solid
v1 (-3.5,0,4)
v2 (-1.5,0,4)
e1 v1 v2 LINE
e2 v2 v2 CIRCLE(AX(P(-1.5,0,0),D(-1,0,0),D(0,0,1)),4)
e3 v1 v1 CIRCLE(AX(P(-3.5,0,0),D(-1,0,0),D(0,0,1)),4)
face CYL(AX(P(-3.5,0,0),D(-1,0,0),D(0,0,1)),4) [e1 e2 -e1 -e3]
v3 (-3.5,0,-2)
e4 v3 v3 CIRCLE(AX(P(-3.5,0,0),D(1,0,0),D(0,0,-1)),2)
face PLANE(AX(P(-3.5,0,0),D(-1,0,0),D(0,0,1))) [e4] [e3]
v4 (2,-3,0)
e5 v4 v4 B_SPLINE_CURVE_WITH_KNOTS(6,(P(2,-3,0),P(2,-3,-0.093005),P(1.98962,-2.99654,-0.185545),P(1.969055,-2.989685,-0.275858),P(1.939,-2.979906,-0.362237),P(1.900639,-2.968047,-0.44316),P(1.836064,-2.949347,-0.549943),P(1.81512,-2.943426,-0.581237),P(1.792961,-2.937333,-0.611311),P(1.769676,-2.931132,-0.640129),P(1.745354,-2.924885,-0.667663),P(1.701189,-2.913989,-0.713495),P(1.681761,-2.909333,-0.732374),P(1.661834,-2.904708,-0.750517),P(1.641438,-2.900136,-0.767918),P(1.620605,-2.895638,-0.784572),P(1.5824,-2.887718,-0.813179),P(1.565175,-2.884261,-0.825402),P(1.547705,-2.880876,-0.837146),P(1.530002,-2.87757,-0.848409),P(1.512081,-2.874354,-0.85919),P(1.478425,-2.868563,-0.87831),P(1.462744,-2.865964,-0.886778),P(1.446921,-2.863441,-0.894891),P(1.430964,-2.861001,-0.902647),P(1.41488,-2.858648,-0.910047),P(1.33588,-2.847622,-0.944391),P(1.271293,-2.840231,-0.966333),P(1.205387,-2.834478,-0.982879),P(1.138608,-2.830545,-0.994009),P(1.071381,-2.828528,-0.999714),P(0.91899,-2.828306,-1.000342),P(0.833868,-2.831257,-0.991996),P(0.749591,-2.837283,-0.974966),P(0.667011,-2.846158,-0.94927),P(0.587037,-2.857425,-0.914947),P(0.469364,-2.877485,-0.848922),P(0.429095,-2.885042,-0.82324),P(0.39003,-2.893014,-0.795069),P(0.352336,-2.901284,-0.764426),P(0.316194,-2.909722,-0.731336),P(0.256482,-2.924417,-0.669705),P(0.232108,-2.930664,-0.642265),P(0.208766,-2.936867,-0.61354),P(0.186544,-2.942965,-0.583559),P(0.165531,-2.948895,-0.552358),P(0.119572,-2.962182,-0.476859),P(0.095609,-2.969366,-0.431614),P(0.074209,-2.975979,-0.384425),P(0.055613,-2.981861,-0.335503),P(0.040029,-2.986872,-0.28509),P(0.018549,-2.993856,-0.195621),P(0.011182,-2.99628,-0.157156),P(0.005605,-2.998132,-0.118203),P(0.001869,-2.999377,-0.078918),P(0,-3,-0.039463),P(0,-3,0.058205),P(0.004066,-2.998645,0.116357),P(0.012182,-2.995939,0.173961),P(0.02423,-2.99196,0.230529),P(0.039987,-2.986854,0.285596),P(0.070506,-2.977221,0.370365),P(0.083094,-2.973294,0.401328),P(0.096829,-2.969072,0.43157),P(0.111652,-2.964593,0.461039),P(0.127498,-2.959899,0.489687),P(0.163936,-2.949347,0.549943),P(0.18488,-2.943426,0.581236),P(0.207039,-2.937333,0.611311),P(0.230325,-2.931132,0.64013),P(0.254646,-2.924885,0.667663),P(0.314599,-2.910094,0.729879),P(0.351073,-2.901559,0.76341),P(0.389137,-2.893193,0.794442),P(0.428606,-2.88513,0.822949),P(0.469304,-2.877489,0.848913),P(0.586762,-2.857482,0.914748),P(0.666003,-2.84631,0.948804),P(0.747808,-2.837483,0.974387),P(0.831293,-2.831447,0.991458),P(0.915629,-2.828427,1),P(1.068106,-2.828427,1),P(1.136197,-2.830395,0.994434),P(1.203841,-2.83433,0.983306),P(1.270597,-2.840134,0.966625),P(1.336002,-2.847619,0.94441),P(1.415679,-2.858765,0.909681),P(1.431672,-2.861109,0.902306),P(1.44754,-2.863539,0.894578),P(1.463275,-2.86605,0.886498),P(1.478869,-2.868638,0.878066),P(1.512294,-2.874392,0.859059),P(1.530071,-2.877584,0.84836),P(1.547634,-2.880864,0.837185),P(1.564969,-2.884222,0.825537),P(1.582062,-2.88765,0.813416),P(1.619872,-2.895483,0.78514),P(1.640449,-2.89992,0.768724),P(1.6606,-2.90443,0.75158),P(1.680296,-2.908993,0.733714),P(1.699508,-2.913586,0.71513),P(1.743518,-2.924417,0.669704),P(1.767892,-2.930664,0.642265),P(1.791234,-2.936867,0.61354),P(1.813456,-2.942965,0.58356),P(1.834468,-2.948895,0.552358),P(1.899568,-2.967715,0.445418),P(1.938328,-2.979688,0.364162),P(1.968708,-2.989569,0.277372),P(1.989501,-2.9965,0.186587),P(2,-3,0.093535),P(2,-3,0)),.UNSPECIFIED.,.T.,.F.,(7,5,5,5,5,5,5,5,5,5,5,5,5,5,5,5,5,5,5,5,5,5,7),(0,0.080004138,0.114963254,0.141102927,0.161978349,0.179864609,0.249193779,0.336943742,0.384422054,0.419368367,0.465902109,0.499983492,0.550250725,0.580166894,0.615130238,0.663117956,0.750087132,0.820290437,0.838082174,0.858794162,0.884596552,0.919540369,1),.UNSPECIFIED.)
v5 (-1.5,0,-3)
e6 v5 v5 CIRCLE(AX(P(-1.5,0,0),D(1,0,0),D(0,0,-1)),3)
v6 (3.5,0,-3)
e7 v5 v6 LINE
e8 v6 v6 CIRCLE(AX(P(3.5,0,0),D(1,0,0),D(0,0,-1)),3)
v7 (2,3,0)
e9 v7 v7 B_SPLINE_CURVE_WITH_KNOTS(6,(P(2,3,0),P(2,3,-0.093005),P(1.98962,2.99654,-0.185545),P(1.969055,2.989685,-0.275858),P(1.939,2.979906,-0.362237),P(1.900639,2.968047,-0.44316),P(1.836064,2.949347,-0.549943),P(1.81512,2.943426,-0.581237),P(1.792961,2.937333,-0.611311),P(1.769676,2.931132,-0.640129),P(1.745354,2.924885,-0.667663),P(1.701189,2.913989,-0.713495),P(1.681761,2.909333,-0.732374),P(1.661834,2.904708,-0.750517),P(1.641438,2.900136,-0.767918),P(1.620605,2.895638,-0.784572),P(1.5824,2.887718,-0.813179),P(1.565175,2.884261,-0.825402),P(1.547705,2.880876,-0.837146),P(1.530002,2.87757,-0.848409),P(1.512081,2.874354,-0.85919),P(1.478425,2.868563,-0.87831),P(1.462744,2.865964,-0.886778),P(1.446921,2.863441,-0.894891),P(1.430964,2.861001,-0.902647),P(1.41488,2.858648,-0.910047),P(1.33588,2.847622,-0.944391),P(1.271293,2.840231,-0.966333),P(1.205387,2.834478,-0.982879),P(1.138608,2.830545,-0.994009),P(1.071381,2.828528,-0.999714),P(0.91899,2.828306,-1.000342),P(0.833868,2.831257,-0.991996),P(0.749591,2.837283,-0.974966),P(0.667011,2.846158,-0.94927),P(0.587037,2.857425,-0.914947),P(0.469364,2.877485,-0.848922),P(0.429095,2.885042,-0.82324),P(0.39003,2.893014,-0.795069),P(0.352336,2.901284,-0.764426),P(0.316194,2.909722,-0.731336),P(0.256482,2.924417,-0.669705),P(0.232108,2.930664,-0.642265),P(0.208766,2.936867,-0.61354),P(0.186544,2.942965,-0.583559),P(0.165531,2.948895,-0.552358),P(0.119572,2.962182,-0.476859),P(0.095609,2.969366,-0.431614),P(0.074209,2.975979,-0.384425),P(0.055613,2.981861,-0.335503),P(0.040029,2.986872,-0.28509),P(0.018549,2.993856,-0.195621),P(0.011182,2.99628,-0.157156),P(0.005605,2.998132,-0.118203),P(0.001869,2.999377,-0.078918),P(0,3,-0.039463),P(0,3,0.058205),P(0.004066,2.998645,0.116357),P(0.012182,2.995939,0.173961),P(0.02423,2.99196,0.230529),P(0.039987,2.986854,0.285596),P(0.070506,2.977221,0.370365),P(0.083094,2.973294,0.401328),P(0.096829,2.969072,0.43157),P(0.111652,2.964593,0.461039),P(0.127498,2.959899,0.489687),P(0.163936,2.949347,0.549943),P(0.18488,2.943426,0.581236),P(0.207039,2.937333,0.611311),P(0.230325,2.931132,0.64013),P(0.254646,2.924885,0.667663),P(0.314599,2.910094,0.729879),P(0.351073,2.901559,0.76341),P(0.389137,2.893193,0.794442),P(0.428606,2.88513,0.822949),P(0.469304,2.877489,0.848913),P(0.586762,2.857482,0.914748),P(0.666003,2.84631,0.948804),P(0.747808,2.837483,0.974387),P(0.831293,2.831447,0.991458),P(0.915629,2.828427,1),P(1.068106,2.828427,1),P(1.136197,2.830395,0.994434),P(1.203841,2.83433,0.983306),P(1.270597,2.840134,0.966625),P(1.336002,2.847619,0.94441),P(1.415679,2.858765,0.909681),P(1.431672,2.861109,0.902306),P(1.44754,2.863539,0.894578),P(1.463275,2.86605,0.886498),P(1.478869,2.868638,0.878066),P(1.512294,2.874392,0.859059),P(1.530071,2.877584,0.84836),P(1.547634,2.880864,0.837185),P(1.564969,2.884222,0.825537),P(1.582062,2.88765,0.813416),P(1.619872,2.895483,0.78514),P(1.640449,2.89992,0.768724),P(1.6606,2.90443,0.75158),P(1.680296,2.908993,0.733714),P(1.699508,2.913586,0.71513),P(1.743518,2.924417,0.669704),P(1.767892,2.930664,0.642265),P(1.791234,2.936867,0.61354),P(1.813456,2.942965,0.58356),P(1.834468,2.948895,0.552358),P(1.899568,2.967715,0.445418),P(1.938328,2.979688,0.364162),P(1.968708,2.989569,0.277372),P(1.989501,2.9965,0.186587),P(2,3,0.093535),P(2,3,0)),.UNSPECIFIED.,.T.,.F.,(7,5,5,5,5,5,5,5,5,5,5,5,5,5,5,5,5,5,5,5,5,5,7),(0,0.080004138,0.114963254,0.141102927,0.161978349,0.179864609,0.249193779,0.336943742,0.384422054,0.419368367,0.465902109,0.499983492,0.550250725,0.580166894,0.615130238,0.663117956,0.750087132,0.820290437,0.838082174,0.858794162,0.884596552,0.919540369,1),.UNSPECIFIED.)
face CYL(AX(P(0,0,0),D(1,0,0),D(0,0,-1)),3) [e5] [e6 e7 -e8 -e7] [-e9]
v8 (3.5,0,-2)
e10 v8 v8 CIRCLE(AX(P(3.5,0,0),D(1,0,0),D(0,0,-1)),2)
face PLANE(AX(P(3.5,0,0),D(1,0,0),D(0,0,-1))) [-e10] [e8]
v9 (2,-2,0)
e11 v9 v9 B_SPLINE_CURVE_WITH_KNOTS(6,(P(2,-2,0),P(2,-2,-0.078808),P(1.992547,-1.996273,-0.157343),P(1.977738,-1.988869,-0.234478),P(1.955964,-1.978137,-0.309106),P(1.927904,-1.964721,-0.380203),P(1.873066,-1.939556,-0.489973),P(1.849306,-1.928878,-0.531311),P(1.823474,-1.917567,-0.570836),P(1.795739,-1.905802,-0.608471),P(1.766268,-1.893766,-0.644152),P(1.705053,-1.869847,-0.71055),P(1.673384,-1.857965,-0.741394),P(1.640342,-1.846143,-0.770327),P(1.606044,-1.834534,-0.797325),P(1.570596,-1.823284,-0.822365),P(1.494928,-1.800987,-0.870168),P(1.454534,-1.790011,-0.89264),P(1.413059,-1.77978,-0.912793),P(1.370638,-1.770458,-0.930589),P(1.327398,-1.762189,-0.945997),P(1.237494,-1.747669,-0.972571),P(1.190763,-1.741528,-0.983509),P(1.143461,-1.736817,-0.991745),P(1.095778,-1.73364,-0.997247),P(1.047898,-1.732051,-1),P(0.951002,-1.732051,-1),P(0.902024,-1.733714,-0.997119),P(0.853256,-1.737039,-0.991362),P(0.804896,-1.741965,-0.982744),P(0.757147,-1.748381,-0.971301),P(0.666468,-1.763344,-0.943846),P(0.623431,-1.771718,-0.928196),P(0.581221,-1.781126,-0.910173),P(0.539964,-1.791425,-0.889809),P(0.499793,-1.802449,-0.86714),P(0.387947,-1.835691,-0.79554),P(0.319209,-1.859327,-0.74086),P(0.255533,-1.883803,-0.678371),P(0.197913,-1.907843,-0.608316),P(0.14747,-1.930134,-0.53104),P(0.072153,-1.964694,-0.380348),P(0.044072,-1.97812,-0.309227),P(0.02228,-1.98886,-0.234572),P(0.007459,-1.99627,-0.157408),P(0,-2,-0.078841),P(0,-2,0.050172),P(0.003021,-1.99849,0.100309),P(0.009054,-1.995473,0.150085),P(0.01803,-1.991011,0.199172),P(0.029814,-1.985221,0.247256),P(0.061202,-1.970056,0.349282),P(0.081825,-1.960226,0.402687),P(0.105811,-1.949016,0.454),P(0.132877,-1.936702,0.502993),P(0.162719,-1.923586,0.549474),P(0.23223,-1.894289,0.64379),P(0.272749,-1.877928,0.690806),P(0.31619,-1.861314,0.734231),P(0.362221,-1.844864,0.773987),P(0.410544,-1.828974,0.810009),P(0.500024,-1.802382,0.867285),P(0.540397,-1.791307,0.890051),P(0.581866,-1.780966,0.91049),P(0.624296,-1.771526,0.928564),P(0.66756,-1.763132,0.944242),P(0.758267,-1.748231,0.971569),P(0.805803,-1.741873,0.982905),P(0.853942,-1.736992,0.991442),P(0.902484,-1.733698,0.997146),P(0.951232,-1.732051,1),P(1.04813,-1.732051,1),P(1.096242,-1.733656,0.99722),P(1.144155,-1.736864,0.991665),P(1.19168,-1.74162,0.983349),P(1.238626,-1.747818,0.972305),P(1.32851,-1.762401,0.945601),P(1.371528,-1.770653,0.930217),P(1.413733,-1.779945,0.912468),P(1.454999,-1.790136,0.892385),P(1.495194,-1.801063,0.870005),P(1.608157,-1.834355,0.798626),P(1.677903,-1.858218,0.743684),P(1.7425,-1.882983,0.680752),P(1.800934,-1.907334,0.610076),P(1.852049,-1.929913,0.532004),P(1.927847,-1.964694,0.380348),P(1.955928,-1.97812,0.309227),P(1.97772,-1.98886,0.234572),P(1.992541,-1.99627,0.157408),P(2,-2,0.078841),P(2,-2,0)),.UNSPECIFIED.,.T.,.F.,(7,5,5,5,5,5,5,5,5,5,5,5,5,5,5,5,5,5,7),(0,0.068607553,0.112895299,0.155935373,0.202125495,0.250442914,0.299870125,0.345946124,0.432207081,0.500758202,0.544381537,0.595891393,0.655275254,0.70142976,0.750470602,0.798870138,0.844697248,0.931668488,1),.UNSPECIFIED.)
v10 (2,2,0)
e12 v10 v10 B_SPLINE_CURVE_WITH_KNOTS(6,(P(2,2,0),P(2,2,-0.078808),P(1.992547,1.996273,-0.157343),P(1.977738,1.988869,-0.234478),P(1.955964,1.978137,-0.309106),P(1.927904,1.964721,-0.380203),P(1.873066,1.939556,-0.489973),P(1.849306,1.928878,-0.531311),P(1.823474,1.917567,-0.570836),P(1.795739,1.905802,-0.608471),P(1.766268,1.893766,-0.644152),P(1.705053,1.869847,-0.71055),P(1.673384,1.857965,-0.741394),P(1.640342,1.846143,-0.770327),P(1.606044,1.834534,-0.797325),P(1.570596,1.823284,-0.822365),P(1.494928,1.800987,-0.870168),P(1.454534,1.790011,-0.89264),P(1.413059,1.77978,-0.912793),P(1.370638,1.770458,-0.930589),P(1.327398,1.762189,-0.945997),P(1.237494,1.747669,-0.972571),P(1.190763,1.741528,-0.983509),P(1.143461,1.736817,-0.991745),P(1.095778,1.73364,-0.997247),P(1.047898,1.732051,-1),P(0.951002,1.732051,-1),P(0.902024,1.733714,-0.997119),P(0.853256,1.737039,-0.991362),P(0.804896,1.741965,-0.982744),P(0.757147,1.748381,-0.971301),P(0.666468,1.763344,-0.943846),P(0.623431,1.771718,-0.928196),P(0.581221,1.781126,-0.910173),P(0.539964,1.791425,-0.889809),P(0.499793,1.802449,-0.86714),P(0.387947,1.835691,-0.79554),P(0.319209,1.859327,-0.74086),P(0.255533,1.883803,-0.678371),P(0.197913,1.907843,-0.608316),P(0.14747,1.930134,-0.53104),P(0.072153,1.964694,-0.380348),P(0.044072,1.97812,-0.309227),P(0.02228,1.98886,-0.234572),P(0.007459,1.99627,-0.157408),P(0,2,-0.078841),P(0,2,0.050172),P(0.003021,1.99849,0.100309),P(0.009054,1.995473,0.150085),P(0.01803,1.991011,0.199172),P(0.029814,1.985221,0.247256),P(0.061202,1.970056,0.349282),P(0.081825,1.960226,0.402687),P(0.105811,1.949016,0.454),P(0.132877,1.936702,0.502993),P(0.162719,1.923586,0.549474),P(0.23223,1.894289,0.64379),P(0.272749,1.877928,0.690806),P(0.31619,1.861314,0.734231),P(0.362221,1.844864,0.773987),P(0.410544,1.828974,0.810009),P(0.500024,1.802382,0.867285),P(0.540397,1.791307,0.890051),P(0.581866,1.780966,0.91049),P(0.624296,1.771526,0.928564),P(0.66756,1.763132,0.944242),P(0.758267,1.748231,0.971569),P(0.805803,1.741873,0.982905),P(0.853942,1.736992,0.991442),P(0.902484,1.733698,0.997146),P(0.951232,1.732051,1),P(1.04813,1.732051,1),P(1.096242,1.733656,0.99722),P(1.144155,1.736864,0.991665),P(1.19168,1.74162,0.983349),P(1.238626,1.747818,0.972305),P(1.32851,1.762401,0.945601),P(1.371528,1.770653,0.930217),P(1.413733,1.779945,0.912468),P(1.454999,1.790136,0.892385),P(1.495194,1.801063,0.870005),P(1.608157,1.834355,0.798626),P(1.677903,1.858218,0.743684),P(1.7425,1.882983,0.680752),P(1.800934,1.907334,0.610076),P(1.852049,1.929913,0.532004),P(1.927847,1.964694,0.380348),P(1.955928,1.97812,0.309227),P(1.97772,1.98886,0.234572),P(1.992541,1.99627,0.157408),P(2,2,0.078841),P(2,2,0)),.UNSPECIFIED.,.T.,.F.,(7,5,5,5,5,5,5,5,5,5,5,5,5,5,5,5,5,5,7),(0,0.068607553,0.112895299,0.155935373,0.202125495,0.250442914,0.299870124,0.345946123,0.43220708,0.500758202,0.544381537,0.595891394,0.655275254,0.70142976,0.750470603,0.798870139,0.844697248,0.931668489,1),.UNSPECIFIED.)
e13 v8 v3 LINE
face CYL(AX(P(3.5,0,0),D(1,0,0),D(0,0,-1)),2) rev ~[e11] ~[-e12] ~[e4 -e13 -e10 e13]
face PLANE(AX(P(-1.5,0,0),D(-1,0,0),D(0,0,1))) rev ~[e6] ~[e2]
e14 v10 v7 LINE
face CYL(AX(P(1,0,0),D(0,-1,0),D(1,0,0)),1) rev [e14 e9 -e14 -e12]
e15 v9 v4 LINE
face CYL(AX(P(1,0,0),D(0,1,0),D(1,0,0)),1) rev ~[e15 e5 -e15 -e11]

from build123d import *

# Parameters (mm, degrees)
SKETCH1_R               = 3
BOSS_EXTRUDE1_DEPTH     = 3.5
SKETCH2_R               = 4
BOSS_EXTRUDE2_DEPTH     = 2
SKETCH3_R               = 2
CUT_EXTRUDE1_DEPTH      = 8
SKETCH4_R               = 1
CUT_EXTRUDE2_DEPTH      = 5
CUT_EXTRUDE2_DEPTH_BACK = 5


with BuildPart() as part:
    # Sketch1 → Boss-Extrude1 (new body, symmetric)
    with BuildSketch(Plane(origin=(0, 0, 0), x_dir=(0, 0, -1), z_dir=(1, 0, 0))):
        Circle(SKETCH1_R)
    extrude(amount=BOSS_EXTRUDE1_DEPTH, both=True)

    # Sketch2 → Boss-Extrude2 (add)
    with BuildSketch(Plane.ZY.offset(3.5)):
        Circle(SKETCH2_R)
    extrude(amount=-BOSS_EXTRUDE2_DEPTH)

    # Sketch3 → Cut-Extrude1 (cut, through all)
    with BuildSketch(Plane(origin=(3.5, 0, 0), x_dir=(0, 0, -1), z_dir=(1, 0, 0))):
        Circle(SKETCH3_R)
    extrude(amount=-CUT_EXTRUDE1_DEPTH, mode=Mode.SUBTRACT)

    # Sketch4 → Cut-Extrude2 (cut, two sides)
    with BuildSketch(Plane(origin=(0, 0, 0), x_dir=(1, 0, 0), z_dir=(0, 1, 0))) as cut_extrude2_sk:
        with Locations((1, 0)):
            Circle(SKETCH4_R)
    extrude(amount=CUT_EXTRUDE2_DEPTH, mode=Mode.SUBTRACT)
    extrude(cut_extrude2_sk.sketch, amount=-CUT_EXTRUDE2_DEPTH_BACK, mode=Mode.SUBTRACT)


solid = part.part
